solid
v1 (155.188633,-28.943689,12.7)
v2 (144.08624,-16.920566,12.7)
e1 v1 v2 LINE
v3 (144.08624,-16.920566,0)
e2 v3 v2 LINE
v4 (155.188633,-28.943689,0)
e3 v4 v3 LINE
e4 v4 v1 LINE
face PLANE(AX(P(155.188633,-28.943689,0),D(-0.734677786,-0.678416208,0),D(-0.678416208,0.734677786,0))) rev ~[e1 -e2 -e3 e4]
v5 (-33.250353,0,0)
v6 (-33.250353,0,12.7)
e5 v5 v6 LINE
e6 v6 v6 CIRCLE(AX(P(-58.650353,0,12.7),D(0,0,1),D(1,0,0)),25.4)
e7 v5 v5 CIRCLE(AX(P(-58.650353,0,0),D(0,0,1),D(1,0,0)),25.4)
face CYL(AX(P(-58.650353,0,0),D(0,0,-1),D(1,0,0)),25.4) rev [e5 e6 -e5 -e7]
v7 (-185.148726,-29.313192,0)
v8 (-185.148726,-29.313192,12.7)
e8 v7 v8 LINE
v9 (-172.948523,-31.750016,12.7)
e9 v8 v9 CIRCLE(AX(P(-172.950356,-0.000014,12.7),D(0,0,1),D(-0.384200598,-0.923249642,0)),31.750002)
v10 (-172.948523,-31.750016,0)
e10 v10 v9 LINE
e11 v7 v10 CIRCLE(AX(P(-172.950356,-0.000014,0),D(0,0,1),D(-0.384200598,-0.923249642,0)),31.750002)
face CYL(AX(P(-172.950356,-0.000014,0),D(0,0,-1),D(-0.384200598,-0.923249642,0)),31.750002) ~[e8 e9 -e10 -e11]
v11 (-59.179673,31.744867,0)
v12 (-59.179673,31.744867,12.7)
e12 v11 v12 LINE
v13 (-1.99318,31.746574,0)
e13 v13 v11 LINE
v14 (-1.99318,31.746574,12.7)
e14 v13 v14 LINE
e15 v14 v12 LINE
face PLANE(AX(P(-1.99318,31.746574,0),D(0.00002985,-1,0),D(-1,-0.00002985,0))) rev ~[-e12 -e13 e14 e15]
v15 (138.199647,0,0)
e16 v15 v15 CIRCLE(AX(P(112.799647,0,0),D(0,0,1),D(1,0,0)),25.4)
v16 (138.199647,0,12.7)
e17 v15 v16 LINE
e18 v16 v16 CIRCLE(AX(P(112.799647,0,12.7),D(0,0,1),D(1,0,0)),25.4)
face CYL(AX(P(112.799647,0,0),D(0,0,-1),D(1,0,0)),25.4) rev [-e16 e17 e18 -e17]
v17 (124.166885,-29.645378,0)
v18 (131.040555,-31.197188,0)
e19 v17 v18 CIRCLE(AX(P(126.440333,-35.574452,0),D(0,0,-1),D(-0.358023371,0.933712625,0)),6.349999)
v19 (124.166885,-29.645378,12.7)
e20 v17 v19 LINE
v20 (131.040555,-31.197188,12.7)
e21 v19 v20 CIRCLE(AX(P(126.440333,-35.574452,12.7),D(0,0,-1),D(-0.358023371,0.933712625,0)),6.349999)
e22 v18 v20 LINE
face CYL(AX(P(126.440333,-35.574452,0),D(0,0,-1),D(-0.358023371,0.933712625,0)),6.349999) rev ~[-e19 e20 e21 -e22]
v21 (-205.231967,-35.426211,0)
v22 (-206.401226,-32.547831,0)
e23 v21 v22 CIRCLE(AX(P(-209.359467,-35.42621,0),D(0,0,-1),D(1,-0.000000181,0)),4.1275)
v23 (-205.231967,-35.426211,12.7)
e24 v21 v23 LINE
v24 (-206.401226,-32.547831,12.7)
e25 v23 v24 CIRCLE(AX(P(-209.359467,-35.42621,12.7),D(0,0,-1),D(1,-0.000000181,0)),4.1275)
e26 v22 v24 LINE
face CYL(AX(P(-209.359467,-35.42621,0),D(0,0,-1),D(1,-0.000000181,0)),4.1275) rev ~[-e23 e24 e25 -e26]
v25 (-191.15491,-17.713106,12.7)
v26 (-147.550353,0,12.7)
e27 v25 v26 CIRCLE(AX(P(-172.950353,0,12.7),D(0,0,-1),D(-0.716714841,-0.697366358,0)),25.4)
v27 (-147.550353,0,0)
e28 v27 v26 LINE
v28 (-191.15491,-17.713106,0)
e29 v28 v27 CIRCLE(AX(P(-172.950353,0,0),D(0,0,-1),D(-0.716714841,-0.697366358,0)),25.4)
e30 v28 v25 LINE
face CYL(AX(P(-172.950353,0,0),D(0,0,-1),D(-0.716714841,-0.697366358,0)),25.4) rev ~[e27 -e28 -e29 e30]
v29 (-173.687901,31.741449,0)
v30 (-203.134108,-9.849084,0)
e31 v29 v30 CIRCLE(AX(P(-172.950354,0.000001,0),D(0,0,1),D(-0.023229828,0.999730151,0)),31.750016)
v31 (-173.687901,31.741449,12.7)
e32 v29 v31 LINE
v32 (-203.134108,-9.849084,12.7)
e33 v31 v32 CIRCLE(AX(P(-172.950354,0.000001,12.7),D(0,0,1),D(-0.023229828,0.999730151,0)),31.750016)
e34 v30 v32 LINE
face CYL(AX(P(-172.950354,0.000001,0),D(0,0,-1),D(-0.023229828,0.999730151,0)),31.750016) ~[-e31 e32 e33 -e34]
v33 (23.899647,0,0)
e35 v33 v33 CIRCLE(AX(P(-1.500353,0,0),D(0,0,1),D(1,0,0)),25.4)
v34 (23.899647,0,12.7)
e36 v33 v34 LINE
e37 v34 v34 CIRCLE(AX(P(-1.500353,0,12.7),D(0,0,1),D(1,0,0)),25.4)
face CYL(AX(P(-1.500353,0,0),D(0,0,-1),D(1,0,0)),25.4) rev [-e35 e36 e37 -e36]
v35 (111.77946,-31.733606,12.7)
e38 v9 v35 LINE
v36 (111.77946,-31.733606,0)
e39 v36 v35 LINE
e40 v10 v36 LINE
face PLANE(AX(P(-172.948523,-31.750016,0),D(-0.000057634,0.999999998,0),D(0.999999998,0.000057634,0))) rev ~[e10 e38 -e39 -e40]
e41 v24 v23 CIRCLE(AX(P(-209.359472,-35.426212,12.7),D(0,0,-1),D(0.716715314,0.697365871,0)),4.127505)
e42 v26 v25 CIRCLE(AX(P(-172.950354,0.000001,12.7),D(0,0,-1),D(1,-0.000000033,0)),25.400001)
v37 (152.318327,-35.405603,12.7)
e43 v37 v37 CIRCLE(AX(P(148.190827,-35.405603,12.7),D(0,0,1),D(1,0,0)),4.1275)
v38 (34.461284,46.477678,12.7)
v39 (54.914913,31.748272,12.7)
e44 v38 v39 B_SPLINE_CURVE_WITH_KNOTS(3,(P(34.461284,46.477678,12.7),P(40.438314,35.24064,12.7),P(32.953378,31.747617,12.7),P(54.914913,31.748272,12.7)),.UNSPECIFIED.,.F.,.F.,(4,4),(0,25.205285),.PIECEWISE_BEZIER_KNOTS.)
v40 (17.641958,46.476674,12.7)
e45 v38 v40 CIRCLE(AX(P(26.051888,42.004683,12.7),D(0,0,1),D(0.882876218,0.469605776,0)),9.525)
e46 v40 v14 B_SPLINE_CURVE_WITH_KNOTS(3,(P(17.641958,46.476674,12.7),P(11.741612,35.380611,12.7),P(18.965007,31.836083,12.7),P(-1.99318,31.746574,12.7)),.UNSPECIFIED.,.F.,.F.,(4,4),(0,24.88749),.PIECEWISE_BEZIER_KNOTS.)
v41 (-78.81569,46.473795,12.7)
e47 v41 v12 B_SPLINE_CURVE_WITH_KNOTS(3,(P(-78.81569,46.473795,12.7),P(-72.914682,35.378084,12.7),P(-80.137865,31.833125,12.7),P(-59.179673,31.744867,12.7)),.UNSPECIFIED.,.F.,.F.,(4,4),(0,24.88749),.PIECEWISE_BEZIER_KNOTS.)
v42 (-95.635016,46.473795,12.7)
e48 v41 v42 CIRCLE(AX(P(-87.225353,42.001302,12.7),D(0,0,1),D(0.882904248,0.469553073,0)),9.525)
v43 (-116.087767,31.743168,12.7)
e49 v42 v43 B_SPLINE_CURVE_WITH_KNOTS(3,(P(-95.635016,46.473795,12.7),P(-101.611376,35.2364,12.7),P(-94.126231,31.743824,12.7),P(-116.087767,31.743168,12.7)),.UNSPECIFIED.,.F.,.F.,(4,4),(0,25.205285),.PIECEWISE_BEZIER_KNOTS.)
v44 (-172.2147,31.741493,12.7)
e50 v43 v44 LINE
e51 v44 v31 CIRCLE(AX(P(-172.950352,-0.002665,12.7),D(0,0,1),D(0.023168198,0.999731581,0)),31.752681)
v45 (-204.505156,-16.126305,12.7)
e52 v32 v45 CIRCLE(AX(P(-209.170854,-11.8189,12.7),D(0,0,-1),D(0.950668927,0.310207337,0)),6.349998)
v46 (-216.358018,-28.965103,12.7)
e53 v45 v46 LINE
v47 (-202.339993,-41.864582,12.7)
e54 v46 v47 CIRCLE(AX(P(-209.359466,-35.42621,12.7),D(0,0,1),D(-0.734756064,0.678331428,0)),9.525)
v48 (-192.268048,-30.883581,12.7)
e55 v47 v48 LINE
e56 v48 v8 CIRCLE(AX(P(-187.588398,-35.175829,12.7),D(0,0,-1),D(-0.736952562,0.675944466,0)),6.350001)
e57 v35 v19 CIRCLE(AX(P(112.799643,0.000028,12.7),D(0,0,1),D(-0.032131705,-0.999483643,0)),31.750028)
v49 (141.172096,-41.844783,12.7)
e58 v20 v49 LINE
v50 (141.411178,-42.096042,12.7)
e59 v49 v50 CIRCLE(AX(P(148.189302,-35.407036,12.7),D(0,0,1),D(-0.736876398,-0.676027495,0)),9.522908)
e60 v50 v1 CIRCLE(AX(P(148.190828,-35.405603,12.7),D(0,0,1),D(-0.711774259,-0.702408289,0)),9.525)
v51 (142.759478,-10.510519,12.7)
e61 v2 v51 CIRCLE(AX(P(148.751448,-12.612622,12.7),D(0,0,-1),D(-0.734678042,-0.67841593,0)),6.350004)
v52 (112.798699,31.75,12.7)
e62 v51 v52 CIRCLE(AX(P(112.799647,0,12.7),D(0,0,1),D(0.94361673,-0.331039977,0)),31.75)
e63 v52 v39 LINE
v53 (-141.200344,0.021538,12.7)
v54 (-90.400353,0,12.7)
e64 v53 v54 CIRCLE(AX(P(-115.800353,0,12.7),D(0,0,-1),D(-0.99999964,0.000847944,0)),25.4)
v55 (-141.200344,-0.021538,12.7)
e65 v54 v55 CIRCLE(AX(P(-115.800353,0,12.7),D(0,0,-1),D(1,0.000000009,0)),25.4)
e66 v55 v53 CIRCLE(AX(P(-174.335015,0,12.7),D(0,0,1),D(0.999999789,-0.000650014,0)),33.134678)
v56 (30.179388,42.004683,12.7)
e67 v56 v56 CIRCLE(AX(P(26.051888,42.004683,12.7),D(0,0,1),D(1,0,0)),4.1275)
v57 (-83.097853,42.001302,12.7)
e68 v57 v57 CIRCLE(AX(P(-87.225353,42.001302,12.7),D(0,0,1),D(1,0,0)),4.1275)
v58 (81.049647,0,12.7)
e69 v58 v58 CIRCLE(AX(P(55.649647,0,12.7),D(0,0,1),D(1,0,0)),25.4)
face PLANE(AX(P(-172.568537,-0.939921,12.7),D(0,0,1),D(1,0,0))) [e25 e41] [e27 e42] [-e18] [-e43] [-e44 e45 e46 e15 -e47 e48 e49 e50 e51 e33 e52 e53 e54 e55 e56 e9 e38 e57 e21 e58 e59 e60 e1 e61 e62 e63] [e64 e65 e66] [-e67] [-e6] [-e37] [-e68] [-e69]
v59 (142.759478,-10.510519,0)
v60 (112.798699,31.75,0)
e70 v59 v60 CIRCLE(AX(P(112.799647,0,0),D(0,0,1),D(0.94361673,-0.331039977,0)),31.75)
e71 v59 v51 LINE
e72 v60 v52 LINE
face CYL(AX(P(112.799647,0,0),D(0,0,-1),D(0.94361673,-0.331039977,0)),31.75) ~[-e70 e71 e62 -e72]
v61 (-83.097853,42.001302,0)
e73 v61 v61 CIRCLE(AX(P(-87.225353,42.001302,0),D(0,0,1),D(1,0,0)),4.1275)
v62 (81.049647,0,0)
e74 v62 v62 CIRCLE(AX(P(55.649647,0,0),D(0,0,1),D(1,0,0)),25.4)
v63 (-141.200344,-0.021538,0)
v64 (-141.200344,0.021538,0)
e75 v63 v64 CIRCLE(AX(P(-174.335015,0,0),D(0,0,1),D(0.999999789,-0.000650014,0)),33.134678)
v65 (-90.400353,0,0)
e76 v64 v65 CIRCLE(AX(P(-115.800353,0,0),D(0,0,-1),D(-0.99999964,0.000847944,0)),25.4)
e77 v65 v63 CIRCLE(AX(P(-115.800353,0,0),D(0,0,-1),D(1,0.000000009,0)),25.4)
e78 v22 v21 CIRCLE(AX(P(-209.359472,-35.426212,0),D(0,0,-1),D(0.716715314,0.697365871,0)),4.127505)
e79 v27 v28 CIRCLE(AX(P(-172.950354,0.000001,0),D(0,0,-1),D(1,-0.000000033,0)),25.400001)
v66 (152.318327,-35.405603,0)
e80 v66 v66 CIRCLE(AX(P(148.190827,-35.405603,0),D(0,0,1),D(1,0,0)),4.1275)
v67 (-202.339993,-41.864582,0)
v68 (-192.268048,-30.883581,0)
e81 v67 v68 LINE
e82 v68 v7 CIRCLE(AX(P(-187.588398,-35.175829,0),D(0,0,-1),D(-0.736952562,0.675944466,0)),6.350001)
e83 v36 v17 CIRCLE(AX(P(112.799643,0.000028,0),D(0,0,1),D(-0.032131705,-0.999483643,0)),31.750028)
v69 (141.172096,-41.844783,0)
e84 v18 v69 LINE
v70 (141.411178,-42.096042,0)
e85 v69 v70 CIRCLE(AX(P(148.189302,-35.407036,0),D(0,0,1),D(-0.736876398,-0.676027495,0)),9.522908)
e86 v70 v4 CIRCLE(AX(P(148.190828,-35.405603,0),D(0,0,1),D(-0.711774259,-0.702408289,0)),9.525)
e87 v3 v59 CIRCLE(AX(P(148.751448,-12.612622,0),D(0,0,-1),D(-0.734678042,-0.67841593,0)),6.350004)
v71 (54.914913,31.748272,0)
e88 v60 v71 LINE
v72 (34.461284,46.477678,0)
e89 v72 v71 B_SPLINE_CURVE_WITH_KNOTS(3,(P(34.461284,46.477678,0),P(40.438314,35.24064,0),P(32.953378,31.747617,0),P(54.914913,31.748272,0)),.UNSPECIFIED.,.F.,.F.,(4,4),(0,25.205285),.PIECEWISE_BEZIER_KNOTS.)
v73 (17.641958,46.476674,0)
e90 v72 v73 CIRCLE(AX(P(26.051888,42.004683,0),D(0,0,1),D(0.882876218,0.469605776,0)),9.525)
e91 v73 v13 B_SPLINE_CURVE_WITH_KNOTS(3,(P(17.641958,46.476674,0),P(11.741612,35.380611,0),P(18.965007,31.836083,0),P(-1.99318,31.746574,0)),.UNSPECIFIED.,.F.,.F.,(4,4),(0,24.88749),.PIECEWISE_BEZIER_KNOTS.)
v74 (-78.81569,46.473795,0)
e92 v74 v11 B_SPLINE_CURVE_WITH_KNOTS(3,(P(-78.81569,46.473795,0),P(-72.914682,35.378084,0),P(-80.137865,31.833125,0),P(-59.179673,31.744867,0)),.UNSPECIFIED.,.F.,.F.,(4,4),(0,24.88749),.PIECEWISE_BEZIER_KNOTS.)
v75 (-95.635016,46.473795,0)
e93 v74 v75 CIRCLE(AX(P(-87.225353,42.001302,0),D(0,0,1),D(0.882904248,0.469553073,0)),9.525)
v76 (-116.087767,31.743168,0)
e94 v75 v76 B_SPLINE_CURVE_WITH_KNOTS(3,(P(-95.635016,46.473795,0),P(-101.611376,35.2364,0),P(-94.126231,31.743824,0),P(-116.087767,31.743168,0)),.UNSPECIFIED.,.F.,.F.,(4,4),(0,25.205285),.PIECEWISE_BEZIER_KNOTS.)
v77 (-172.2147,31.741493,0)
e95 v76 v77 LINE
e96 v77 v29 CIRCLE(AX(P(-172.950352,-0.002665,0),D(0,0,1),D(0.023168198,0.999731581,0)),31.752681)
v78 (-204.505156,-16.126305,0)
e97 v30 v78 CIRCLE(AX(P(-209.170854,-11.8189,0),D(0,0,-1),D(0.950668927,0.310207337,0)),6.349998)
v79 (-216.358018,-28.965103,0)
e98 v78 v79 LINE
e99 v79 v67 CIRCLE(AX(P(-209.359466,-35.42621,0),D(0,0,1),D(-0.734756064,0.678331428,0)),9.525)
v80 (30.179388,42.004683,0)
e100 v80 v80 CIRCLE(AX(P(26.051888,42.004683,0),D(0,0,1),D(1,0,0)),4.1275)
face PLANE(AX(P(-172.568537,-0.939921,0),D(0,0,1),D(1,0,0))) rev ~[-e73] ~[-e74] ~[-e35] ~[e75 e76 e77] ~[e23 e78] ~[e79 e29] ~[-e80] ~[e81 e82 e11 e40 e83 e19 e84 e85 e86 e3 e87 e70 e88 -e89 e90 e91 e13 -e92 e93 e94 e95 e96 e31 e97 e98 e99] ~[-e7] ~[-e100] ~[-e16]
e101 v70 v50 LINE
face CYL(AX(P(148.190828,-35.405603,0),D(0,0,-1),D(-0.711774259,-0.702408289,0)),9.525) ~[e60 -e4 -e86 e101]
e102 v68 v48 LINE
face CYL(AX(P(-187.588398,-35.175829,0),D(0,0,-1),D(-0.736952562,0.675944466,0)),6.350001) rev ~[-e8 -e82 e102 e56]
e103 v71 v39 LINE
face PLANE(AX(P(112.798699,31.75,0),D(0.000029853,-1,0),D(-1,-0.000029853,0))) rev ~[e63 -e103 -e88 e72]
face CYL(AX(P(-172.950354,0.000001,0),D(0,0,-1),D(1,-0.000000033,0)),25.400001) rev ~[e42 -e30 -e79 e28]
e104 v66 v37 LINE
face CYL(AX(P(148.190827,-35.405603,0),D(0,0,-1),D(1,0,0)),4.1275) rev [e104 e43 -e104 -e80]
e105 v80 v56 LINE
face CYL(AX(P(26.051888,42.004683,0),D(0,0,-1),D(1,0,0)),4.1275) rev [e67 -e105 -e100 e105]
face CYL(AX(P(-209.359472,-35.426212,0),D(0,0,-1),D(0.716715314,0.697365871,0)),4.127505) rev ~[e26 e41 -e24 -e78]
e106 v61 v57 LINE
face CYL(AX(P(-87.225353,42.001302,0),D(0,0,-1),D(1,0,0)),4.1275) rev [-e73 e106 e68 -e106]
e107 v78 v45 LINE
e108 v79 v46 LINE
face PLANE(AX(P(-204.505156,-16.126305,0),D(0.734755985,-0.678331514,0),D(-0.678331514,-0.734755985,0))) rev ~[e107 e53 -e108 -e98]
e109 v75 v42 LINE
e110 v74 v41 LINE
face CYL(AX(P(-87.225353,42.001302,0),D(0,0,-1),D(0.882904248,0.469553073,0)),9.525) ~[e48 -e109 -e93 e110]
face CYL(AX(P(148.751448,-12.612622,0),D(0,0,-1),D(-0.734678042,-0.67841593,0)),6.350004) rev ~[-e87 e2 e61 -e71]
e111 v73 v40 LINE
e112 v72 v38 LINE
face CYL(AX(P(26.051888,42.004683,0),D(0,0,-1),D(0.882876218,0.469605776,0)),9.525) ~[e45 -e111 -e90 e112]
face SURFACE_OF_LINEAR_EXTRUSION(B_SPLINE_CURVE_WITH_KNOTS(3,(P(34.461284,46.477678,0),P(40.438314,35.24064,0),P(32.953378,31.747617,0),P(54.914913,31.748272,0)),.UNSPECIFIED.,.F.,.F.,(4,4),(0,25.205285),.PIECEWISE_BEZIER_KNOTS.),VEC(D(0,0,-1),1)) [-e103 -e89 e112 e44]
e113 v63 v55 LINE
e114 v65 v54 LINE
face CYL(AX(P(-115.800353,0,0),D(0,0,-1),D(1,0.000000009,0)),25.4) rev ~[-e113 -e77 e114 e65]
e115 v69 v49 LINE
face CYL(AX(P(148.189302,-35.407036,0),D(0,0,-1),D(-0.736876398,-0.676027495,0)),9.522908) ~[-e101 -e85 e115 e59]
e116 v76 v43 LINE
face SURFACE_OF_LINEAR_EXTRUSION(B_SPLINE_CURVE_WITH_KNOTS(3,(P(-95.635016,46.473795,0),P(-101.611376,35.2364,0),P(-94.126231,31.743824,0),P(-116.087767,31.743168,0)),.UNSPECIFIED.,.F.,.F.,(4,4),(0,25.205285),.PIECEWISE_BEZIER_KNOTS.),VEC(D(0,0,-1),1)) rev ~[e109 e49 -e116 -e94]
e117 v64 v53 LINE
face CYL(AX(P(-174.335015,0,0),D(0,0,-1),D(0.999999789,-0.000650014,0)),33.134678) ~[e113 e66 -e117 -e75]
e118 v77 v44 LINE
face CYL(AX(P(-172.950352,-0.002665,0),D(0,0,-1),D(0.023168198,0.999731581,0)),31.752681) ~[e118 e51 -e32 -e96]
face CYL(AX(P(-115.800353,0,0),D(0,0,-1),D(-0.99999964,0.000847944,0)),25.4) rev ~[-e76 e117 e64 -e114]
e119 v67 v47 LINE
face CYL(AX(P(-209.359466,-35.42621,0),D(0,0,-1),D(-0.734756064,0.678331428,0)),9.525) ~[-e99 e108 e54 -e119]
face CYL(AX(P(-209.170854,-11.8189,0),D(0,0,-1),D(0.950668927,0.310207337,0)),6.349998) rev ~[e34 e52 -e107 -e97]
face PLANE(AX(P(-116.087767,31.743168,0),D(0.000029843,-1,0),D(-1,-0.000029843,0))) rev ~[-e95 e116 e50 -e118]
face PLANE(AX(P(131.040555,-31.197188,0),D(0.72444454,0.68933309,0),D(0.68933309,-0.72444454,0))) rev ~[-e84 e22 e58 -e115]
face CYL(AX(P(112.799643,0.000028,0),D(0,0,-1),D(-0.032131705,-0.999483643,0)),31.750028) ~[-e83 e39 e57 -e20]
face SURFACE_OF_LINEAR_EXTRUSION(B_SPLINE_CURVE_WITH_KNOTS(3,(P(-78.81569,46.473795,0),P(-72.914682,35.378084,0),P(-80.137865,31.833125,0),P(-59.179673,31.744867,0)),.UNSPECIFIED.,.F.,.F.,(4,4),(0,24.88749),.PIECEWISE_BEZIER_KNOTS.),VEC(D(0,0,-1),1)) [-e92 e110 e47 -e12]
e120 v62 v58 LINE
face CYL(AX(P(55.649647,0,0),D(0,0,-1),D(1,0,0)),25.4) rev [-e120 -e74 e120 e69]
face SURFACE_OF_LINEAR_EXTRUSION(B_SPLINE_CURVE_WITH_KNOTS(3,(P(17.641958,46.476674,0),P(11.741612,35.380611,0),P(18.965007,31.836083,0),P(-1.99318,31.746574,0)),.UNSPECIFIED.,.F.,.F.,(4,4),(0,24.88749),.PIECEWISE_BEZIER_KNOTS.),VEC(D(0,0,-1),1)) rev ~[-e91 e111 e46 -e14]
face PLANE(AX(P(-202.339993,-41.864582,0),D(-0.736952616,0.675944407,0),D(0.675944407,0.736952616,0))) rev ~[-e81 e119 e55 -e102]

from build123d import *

# Parameters (mm, degrees)
F0_R     = 25.4
F0_R_2   = 4.1275
F1_DEPTH = 12.7


with BuildPart() as f1:
    # F0 (on Top) → F1 (new body)
    with BuildSketch(Plane.XY):
        with BuildLine():
            ThreePointArc((-191.15491, -17.713106), (-163.390953, -23.532485), (-147.550353, 0))
            ThreePointArc((-147.550353, 0), (-182.509753, 23.532485), (-191.15491, -17.713106))
        make_face()
        with BuildLine():
            ThreePointArc((-205.231967, -35.426211), (-205.535438, -33.872809), (-206.401226, -32.547831))
            ThreePointArc((-206.401226, -32.547831), (-213.183496, -36.979614), (-205.231967, -35.426211))
        make_face()
        with BuildLine():
            Line((-30.584532, -31.741811), (111.77946, -31.733606))
            ThreePointArc((111.77946, -31.733606), (118.077482, -31.308257), (124.166885, -29.645378))
            ThreePointArc((124.166885, -29.645378), (127.838724, -29.380343), (131.040555, -31.197188))
            Line((131.040555, -31.197188), (141.172096, -41.844783))
            Line((141.172096, -41.844783), (141.411178, -42.096042))
            ThreePointArc((141.411178, -42.096042), (154.767909, -42.295278), (155.188633, -28.943689))
            Line((155.188633, -28.943689), (144.08624, -16.920566))
            ThreePointArc((144.08624, -16.920566), (142.533246, -13.899676), (142.759478, -10.510519))
            ThreePointArc((142.759478, -10.510519), (138.700835, 18.36276), (112.798699, 31.75))
            Line((112.798699, 31.75), (54.914913, 31.748272))
            add(Edge.make_bspline(
                [(34.461284, 46.477678), (40.438314, 35.24064), (32.953378, 31.747617), (54.914913, 31.748272)],
                knots=[0, 0, 0, 0, 25.205285, 25.205285, 25.205285, 25.205285], degree=3))
            ThreePointArc((34.461284, 46.477678), (26.051319, 51.529683), (17.641958, 46.476674))
            add(Edge.make_bspline(
                [(17.641958, 46.476674), (11.741612, 35.380611), (18.965007, 31.836083), (-1.99318, 31.746574)],
                knots=[0, 0, 0, 0, 24.88749, 24.88749, 24.88749, 24.88749], degree=3))
            Line((-1.99318, 31.746574), (-59.179673, 31.744867))
            add(Edge.make_bspline(
                [(-78.81569, 46.473795), (-72.914682, 35.378084), (-80.137865, 31.833125), (-59.179673, 31.744867)],
                knots=[0, 0, 0, 0, 24.88749, 24.88749, 24.88749, 24.88749], degree=3))
            ThreePointArc((-78.81569, 46.473795), (-87.225353, 51.526302), (-95.635016, 46.473795))
            add(Edge.make_bspline(
                [(-95.635016, 46.473795), (-101.611376, 35.2364), (-94.126231, 31.743824), (-116.087767, 31.743168)],
                knots=[0, 0, 0, 0, 25.205285, 25.205285, 25.205285, 25.205285], degree=3))
            Line((-116.087767, 31.743168), (-172.2147, 31.741493))
            Line((-172.2147, 31.741493), (-173.687901, 31.741449))
            ThreePointArc((-173.687901, 31.741449), (-198.863185, 18.346354), (-203.134108, -9.849084))
            ThreePointArc((-203.134108, -9.849084), (-202.967109, -13.1739), (-204.505156, -16.126305))
            Line((-204.505156, -16.126305), (-216.358018, -28.965103))
            ThreePointArc((-216.358018, -28.965103), (-215.809214, -42.435232), (-202.339993, -41.864582))
            Line((-202.339993, -41.864582), (-192.268048, -30.883581))
            ThreePointArc((-192.268048, -30.883581), (-188.956209, -28.974893), (-185.148726, -29.313192))
            ThreePointArc((-185.148726, -29.313192), (-179.169151, -31.13503), (-172.948523, -31.750016))
            Line((-172.948523, -31.750016), (-30.584532, -31.741811))
        make_face()
        with BuildLine():
            ThreePointArc((-205.231967, -35.426211), (-213.183496, -36.979614), (-206.401226, -32.547831))
            ThreePointArc((-206.401226, -32.547831), (-205.535438, -33.872809), (-205.231967, -35.426211))
        make_face(mode=Mode.SUBTRACT)
        with BuildLine():
            ThreePointArc((-191.15491, -17.713106), (-182.509753, 23.532485), (-147.550353, 0))
            ThreePointArc((-147.550353, 0), (-163.390953, -23.532485), (-191.15491, -17.713106))
        make_face(mode=Mode.SUBTRACT)
        with BuildLine():
            ThreePointArc((-141.200344, 0.021538), (-115.789584, 25.399998), (-90.400353, 0))
            ThreePointArc((-90.400353, 0), (-115.789584, -25.399998), (-141.200344, -0.021538))
            ThreePointArc((-141.200344, -0.021538), (-141.200337, 0), (-141.200344, 0.021538))
        make_face(mode=Mode.SUBTRACT)
        with Locations((-58.650353, 0)):
            Circle(F0_R, mode=Mode.SUBTRACT)
        with Locations((148.190827, -35.405603)):
            Circle(F0_R_2, mode=Mode.SUBTRACT)
        with Locations((-1.500353, 0)):
            Circle(F0_R, mode=Mode.SUBTRACT)
        with Locations((55.649647, 0)):
            Circle(F0_R, mode=Mode.SUBTRACT)
        with Locations((112.799647, 0)):
            Circle(F0_R, mode=Mode.SUBTRACT)
        with Locations((-87.225353, 42.001302)):
            Circle(F0_R_2, mode=Mode.SUBTRACT)
        with Locations((26.051888, 42.004683)):
            Circle(F0_R_2, mode=Mode.SUBTRACT)
        with BuildLine():
            Line((141.411178, -42.096042), (141.172096, -41.844783))
            ThreePointArc((141.172096, -41.844783), (141.290493, -41.971501), (141.411178, -42.096042))
        make_face()
        with BuildLine():
            ThreePointArc((-172.2147, 31.741493), (-172.951301, 31.750016), (-173.687901, 31.741449))
            Line((-173.687901, 31.741449), (-172.2147, 31.741493))
        make_face()
    extrude(amount=F1_DEPTH)


solid = f1.part
